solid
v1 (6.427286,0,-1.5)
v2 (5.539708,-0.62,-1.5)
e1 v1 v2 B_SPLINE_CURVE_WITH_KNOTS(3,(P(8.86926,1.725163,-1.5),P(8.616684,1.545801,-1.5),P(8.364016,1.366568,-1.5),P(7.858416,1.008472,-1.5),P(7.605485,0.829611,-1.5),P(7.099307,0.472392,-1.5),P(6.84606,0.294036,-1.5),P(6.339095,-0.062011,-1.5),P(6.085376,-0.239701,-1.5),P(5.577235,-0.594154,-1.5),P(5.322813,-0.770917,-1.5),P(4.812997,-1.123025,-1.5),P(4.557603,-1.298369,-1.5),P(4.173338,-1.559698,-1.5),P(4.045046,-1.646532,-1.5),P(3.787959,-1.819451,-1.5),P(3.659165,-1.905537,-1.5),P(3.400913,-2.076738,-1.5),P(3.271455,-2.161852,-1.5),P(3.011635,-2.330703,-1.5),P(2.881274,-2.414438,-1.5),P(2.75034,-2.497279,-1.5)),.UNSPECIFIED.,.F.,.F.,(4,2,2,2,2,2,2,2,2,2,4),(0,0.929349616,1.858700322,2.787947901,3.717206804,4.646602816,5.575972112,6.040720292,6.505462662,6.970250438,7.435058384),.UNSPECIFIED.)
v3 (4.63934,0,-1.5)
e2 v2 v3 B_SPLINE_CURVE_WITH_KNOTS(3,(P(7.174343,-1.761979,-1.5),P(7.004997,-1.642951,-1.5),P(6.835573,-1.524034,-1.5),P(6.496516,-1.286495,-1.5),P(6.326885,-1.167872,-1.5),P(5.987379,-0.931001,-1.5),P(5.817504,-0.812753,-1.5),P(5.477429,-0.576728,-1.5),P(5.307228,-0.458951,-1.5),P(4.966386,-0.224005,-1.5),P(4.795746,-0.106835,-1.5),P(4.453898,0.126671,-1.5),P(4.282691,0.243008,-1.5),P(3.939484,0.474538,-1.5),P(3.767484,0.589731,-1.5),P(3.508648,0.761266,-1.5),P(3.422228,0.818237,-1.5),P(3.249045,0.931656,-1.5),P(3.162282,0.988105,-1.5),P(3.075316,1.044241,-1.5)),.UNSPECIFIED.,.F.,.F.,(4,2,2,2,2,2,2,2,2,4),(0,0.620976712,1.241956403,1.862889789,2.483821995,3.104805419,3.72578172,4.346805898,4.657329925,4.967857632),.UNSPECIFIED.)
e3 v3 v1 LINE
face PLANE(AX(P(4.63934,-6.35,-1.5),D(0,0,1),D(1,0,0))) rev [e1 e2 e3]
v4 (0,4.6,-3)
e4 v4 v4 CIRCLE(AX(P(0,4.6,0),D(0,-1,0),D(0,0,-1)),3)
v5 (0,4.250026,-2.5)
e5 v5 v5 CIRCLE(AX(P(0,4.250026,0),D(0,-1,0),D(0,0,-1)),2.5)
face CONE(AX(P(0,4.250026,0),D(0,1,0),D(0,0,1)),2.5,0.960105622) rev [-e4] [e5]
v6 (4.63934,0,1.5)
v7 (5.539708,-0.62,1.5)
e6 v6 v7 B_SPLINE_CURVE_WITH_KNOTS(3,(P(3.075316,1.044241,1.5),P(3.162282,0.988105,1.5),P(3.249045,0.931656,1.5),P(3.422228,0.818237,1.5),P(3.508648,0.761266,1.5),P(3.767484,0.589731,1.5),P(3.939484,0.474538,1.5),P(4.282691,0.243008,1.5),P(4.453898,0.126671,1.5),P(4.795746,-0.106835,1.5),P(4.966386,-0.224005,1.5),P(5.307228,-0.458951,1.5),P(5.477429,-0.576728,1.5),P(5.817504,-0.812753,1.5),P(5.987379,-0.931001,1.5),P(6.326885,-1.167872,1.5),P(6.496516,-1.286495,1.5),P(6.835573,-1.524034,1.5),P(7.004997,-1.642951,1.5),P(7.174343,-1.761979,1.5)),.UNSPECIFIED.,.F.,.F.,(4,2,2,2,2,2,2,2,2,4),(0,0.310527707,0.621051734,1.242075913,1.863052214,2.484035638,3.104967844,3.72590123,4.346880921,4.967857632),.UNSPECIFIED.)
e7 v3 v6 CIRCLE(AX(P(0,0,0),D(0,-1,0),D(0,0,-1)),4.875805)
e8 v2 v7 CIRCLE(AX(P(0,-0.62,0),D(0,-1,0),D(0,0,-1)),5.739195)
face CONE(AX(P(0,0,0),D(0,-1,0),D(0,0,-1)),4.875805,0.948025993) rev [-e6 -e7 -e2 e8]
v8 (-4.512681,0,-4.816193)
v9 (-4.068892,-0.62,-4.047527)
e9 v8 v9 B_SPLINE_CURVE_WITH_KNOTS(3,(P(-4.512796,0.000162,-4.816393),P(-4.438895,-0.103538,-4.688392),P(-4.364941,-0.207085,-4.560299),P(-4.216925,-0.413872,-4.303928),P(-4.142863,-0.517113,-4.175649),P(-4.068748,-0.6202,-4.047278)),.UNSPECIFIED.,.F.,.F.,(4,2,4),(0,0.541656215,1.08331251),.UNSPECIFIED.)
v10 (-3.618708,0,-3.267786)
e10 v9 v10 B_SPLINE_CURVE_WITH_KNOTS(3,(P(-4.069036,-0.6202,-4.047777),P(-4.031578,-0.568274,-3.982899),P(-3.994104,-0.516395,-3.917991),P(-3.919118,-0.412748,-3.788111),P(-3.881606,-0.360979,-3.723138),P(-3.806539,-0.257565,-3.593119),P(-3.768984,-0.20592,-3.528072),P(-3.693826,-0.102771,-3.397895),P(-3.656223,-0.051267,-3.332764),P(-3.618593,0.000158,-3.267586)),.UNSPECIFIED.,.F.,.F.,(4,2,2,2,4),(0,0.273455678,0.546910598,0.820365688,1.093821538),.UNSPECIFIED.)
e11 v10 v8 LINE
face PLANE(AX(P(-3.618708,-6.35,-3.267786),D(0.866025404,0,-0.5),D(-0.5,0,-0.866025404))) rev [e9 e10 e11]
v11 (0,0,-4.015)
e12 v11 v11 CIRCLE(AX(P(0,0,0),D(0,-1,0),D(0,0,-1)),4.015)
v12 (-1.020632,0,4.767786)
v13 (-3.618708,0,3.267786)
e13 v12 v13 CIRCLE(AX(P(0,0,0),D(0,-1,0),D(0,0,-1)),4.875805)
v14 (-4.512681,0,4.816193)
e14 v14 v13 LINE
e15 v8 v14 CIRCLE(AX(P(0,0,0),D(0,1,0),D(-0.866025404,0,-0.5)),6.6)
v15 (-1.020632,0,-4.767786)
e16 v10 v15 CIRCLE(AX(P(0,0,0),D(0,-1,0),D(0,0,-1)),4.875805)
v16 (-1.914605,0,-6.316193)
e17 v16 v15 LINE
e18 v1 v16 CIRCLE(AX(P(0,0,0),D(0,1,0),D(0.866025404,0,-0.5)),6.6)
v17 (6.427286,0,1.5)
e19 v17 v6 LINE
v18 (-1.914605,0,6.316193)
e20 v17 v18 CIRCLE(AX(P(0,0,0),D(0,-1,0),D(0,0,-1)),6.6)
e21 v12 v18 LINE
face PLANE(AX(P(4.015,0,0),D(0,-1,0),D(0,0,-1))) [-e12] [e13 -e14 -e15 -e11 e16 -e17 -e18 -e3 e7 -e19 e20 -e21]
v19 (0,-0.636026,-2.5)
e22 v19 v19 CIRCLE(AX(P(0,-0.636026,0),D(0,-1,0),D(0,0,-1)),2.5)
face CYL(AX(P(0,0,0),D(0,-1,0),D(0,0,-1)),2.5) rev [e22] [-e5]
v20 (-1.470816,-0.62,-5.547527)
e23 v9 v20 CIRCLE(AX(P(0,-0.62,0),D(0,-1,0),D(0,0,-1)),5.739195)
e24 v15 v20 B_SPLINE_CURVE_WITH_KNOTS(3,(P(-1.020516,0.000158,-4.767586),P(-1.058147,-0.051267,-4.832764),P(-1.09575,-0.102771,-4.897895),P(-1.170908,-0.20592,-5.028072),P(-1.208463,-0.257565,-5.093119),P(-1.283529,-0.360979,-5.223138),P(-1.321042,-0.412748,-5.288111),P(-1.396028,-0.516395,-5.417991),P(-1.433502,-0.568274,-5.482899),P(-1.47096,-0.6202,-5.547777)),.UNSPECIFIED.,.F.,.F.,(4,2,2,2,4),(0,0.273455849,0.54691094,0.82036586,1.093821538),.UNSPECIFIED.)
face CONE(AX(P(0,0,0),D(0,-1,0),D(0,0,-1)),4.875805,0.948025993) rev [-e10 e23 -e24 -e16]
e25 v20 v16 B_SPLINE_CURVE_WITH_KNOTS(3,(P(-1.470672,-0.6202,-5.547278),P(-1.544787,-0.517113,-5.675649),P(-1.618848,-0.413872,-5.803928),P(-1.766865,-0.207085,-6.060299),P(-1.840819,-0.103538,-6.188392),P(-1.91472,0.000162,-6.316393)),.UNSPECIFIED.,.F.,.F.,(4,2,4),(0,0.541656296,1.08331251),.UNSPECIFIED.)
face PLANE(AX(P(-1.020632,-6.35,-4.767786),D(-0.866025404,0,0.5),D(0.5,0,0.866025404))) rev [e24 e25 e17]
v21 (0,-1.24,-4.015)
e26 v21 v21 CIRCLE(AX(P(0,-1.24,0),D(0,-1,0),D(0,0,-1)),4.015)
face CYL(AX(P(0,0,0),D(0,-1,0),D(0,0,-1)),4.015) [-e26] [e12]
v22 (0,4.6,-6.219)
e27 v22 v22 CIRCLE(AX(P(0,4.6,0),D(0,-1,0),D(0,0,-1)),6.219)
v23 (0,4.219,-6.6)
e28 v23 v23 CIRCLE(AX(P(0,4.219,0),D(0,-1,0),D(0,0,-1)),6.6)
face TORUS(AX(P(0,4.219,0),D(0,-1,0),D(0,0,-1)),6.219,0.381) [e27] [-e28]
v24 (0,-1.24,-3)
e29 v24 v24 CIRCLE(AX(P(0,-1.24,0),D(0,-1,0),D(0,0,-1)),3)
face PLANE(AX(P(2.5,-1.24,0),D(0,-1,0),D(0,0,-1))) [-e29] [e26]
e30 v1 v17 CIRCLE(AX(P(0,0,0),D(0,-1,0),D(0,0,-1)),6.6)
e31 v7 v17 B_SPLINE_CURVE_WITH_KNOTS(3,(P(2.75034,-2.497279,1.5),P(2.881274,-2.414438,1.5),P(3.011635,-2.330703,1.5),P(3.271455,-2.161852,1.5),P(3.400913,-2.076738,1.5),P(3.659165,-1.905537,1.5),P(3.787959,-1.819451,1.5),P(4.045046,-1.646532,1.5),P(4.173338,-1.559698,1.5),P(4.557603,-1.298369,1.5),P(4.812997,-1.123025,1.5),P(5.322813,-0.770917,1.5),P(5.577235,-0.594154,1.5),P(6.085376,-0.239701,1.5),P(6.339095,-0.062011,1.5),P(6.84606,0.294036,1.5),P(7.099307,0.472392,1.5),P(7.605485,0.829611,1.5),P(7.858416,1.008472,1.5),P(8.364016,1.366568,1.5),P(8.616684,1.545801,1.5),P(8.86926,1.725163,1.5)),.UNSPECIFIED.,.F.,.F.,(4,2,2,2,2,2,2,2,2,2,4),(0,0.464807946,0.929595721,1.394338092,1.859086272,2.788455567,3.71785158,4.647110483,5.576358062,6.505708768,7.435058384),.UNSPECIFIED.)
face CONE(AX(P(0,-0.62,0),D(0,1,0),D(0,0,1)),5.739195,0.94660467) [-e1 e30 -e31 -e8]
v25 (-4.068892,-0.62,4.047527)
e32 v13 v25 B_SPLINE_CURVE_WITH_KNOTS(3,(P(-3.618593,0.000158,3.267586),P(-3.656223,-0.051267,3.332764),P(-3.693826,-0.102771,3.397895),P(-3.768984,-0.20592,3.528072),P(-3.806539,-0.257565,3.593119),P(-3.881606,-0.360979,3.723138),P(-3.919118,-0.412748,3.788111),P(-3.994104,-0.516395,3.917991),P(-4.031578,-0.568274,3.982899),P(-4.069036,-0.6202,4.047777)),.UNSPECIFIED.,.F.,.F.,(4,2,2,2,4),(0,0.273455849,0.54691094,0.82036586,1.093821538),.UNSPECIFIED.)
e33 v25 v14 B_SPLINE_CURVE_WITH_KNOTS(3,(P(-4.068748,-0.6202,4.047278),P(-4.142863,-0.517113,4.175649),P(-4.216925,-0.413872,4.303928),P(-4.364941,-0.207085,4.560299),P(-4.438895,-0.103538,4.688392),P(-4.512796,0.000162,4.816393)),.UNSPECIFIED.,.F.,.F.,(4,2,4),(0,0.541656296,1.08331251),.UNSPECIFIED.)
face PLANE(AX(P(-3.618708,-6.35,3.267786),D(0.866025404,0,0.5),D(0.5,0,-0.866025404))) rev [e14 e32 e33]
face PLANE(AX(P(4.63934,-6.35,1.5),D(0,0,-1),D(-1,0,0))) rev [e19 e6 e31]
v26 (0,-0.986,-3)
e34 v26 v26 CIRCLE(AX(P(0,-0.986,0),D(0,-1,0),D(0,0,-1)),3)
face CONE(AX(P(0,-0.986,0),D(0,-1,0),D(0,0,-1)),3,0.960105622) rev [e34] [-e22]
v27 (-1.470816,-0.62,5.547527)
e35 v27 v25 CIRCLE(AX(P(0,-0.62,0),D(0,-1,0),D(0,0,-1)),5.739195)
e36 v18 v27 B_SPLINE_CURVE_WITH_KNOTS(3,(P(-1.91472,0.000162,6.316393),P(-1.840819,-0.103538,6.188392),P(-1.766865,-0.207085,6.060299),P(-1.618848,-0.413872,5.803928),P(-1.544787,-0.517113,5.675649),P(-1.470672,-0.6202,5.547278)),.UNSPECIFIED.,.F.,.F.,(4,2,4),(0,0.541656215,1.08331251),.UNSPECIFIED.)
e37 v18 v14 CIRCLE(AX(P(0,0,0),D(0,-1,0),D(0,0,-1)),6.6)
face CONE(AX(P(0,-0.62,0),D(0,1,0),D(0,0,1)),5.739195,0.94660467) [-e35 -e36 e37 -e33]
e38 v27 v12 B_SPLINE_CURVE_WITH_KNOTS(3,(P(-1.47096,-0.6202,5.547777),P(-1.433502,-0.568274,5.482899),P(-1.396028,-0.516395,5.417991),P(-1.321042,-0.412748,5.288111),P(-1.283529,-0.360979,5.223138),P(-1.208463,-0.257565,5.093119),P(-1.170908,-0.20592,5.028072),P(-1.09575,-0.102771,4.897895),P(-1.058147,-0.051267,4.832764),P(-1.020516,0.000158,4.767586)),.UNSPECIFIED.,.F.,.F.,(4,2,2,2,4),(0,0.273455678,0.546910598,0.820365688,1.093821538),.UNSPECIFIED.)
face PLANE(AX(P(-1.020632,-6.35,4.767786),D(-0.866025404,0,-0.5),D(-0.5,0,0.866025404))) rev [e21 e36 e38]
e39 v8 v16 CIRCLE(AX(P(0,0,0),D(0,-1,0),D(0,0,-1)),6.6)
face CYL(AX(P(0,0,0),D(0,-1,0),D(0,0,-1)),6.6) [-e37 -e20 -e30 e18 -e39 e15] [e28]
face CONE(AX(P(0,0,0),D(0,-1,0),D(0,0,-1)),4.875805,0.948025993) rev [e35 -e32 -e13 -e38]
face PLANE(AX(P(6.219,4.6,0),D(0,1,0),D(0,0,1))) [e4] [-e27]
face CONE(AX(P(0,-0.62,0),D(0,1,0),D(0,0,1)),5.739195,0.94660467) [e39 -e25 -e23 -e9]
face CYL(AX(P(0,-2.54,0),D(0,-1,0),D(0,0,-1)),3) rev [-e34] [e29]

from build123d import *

# Parameters (mm, degrees)
LUGGAP_DEPTH    = 6.35
LUGGAPPAT_COUNT = 3


with BuildPart() as part:
    # BodySke → Body (revolve)
    with BuildSketch(Plane.XY, mode=Mode.PRIVATE) as body_sk:
        with BuildLine():
            Line((4.015, 0), (4.875805, 0))
            Line((4.875805, 0), (5.739195, -0.62))
            Line((5.739195, -0.62), (6.6, 0))
            Line((6.6, 0), (6.6, 4.219))
            ThreePointArc((6.6, 4.219), (6.488407684, 4.488407684), (6.219, 4.6))
            Line((6.219, 4.6), (2.5, 4.6))
            Line((2.5, 4.6), (2.5, -1.24))
            Line((2.5, -1.24), (4.015, -1.24))
            Line((4.015, -1.24), (4.015, 0))
        make_face()
    revolve(body_sk.sketch.rotate(Axis((0, 4.219, 0), (0, 1, 0)), 90), axis=Axis((0, 4.219, 0), (0, 1, 0)))

    # EndChamferSke → EndChamfer (revolve, cut)
    with BuildSketch(Plane.XY, mode=Mode.PRIVATE) as endchamfer_sk:
        Polygon((3, -1.494), (3, -0.986), (2.5, -0.636026267), (2.5, -1.494), align=None)
        Polygon((3, 4.6), (2.5, 4.250026267), (2.5, 4.6), align=None)
    revolve(endchamfer_sk.sketch.rotate(Axis((0, -2.54, 0), (0, 1, 0)), 90), axis=Axis((0, -2.54, 0), (0, 1, 0)), mode=Mode.SUBTRACT)

    # LugGapSke → LugGap (cut)
    with BuildSketch(Plane(origin=(0, 0, 0), x_dir=(1, 0, 0), z_dir=(0, 1, 0))):
        with BuildLine():
            Line((-1.020631828, -4.767786181), (-1.914604687, -6.316192595))
            ThreePointArc((-1.914604687, -6.316192595), (3.3, -5.715767665), (6.427285586, -1.5))
            Line((6.427285586, -1.5), (4.639339867, -1.5))
            ThreePointArc((4.639339867, -1.5), (2.4379025, -4.222570994), (-1.020631828, -4.767786181))
        make_face()
    luggap = extrude(amount=-LUGGAP_DEPTH, mode=Mode.SUBTRACT)

    # LugGapPat: LugGap ×3 about axis
    luggappat_axis = Axis((0, 0, 0), (0, 1, 0))
    for i in range(1, LUGGAPPAT_COUNT):
        add(luggap.rotate(luggappat_axis, i * 360 / LUGGAPPAT_COUNT), mode=Mode.SUBTRACT)


solid = part.part
